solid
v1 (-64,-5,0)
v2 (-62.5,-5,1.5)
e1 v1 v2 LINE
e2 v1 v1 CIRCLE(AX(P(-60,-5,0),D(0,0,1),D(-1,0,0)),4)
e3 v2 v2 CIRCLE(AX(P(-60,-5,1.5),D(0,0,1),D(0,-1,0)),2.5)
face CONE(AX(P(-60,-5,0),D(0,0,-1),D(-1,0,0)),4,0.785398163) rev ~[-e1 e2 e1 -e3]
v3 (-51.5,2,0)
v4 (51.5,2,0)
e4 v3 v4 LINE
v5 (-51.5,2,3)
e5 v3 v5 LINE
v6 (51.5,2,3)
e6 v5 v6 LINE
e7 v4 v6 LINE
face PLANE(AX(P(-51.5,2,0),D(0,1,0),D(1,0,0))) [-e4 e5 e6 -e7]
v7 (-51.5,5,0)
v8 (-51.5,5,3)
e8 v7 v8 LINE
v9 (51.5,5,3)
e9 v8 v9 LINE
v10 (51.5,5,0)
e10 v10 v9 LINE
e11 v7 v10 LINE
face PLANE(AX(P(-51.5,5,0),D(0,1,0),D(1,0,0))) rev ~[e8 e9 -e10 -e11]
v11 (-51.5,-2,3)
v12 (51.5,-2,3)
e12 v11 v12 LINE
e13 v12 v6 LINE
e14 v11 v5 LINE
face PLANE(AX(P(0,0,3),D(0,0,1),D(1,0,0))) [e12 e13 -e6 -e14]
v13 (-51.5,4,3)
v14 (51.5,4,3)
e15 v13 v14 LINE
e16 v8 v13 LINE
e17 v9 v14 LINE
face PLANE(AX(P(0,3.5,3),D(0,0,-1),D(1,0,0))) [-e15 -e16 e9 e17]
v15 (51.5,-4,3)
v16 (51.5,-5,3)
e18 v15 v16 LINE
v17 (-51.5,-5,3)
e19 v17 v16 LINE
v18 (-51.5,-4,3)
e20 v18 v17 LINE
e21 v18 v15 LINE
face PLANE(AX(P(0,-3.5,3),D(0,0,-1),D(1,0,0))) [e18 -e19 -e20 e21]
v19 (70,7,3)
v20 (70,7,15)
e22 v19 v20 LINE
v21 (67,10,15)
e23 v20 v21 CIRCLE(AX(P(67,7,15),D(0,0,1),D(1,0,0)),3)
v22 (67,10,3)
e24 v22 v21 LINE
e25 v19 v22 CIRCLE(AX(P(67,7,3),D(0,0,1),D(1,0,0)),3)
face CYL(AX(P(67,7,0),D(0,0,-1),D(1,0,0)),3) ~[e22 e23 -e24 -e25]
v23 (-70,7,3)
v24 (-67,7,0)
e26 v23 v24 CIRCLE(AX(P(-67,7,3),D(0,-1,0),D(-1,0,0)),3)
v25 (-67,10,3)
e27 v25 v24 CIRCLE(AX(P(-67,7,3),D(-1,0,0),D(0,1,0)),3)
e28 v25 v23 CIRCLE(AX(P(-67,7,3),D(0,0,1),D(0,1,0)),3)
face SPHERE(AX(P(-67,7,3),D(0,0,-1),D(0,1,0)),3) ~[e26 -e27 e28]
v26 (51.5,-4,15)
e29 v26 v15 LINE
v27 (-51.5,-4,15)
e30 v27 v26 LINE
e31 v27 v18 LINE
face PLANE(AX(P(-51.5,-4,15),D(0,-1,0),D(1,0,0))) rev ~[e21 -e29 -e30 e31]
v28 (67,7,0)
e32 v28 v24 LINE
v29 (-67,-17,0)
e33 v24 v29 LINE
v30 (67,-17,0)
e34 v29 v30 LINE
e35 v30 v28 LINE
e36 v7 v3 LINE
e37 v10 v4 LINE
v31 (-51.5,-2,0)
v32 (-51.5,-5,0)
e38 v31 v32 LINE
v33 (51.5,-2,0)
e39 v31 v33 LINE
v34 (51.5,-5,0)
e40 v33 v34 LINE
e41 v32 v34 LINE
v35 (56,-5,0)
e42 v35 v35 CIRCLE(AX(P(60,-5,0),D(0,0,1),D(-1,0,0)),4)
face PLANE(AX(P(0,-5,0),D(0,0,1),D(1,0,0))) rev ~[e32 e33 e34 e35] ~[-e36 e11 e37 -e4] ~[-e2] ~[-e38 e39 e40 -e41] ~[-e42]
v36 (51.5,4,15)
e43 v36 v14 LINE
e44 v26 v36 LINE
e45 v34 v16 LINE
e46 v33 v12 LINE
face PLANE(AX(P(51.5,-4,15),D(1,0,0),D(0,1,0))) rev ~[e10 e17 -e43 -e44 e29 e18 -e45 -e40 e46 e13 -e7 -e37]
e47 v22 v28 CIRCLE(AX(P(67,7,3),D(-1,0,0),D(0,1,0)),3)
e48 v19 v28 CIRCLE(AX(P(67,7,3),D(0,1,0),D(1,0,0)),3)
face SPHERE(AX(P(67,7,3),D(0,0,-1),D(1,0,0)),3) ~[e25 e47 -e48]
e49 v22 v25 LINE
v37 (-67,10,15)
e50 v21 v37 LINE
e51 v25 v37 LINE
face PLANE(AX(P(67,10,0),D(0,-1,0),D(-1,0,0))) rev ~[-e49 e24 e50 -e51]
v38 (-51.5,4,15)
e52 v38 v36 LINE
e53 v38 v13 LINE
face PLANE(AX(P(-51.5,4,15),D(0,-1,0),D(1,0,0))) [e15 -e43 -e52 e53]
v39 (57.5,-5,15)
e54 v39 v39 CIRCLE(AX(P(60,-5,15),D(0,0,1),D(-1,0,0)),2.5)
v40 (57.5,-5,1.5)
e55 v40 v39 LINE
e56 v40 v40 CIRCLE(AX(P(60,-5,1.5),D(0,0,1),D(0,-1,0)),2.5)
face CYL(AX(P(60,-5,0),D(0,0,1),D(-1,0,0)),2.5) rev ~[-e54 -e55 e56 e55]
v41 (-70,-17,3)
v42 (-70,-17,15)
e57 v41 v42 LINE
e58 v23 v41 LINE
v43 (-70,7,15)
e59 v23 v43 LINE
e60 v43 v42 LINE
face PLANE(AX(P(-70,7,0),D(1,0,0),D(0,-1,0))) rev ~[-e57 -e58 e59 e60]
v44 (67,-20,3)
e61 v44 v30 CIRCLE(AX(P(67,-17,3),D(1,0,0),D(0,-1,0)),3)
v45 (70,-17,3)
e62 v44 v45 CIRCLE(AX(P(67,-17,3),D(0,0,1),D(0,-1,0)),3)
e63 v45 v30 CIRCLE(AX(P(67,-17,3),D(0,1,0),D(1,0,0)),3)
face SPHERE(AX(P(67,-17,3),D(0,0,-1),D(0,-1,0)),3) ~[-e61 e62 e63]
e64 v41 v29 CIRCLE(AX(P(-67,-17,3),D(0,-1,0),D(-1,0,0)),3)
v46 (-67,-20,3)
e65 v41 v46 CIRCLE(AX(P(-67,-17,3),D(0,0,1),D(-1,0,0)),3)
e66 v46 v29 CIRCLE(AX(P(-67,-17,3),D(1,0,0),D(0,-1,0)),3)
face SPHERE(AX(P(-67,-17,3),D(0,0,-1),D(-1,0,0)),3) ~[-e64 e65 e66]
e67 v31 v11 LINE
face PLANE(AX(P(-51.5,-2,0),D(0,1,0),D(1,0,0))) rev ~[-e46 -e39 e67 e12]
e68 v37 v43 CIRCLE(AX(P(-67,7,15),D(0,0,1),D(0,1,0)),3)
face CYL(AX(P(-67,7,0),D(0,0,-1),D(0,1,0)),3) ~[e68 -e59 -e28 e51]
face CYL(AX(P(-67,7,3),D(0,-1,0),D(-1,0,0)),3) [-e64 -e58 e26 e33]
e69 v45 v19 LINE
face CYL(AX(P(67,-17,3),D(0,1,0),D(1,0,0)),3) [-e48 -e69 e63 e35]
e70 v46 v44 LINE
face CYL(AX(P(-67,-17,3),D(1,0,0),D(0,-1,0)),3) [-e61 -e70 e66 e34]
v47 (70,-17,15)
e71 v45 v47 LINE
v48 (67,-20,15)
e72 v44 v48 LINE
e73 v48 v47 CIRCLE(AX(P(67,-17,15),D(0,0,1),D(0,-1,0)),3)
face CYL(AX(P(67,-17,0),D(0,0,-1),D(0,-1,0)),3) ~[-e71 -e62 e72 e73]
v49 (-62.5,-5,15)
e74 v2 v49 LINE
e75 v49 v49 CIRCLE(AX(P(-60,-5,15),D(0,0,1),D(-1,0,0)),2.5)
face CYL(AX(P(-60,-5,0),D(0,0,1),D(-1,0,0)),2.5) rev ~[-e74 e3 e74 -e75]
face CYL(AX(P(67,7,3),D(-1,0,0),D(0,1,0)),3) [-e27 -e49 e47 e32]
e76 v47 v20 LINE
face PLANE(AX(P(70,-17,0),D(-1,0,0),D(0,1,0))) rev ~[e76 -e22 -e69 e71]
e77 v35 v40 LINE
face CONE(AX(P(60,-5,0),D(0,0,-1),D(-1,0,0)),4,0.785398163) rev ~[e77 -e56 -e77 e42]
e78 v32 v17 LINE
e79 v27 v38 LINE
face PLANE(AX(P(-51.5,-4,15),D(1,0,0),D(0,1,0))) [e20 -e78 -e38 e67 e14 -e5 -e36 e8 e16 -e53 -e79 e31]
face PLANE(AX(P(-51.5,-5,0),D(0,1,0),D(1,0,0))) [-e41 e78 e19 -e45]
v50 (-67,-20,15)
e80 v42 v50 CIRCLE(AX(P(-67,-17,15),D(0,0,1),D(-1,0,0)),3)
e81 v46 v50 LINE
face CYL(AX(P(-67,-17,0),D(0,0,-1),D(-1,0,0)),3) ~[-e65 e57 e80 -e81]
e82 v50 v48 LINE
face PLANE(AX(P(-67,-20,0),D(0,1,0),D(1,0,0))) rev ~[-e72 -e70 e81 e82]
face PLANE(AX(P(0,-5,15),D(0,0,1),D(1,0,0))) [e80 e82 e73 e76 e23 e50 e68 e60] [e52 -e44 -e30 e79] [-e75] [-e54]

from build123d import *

# Parameters (mm, degrees)
F1_DEPTH       = 15
F2_R           = 3
F3_W           = 103
F3_H           = 8
F4_DEPTH       = 12
F5_W           = 103
F5_H           = 3
F6_DEPTH       = 3
F8_D           = 5
F8_CSINK_D     = 8
F8_CSINK_ANGLE = 90


with BuildPart() as f1:
    # F0 (on Top) → F1 (new body)
    with BuildSketch(Plane.XY):
        with BuildLine():
            Line((-67, -20), (67, -20))
            ThreePointArc((67, -20), (69.1213203436, -19.1213203436), (70, -17))
            Line((70, -17), (70, 7))
            ThreePointArc((70, 7), (69.1213203436, 9.1213203436), (67, 10))
            Line((67, 10), (-67, 10))
            ThreePointArc((-67, 10), (-69.1213203436, 9.1213203436), (-70, 7))
            Line((-70, 7), (-70, -17))
            ThreePointArc((-70, -17), (-69.1213203436, -19.1213203436), (-67, -20))
        make_face()
    extrude(amount=F1_DEPTH)

    # F2
    f2_edges = [f1.edges().sort_by_distance(p)[0] for p in [
        (0, -20, 0),
        (69.12132, -19.12132, 0),
        (70, -5, 0),
        (69.12132, 9.12132, 0),
        (0, 10, 0),
        (-69.12132, 9.12132, 0),
        (-70, -5, 0),
        (-69.12132, -19.12132, 0),
    ]]
    fillet(f2_edges, radius=F2_R)

    # F3 (on face) → F4 (cut)
    with BuildSketch(Plane.XY.offset(15)):
        Rectangle(F3_W, F3_H)
    extrude(amount=-F4_DEPTH, mode=Mode.SUBTRACT)

    # F5 (on face) → F6 (cut)
    with BuildSketch(Plane(origin=(0, 0, 0), x_dir=(1, 0, 0), z_dir=(0, 0, -1))):
        with Locations((0, 3.5)):
            Rectangle(F5_W, F5_H)
        with Locations((0, -3.5)):
            Rectangle(F5_W, F5_H)
    extrude(amount=-F6_DEPTH, mode=Mode.SUBTRACT)

    # F8 (through all)
    with Locations(Plane(origin=(0, 0, 0), x_dir=(1, 0, 0), z_dir=(0, 0, -1))):
        with Locations((-60, 5), (60, 5)):
            CounterSinkHole(F8_D / 2, F8_CSINK_D / 2, counter_sink_angle=F8_CSINK_ANGLE)


solid = f1.part
